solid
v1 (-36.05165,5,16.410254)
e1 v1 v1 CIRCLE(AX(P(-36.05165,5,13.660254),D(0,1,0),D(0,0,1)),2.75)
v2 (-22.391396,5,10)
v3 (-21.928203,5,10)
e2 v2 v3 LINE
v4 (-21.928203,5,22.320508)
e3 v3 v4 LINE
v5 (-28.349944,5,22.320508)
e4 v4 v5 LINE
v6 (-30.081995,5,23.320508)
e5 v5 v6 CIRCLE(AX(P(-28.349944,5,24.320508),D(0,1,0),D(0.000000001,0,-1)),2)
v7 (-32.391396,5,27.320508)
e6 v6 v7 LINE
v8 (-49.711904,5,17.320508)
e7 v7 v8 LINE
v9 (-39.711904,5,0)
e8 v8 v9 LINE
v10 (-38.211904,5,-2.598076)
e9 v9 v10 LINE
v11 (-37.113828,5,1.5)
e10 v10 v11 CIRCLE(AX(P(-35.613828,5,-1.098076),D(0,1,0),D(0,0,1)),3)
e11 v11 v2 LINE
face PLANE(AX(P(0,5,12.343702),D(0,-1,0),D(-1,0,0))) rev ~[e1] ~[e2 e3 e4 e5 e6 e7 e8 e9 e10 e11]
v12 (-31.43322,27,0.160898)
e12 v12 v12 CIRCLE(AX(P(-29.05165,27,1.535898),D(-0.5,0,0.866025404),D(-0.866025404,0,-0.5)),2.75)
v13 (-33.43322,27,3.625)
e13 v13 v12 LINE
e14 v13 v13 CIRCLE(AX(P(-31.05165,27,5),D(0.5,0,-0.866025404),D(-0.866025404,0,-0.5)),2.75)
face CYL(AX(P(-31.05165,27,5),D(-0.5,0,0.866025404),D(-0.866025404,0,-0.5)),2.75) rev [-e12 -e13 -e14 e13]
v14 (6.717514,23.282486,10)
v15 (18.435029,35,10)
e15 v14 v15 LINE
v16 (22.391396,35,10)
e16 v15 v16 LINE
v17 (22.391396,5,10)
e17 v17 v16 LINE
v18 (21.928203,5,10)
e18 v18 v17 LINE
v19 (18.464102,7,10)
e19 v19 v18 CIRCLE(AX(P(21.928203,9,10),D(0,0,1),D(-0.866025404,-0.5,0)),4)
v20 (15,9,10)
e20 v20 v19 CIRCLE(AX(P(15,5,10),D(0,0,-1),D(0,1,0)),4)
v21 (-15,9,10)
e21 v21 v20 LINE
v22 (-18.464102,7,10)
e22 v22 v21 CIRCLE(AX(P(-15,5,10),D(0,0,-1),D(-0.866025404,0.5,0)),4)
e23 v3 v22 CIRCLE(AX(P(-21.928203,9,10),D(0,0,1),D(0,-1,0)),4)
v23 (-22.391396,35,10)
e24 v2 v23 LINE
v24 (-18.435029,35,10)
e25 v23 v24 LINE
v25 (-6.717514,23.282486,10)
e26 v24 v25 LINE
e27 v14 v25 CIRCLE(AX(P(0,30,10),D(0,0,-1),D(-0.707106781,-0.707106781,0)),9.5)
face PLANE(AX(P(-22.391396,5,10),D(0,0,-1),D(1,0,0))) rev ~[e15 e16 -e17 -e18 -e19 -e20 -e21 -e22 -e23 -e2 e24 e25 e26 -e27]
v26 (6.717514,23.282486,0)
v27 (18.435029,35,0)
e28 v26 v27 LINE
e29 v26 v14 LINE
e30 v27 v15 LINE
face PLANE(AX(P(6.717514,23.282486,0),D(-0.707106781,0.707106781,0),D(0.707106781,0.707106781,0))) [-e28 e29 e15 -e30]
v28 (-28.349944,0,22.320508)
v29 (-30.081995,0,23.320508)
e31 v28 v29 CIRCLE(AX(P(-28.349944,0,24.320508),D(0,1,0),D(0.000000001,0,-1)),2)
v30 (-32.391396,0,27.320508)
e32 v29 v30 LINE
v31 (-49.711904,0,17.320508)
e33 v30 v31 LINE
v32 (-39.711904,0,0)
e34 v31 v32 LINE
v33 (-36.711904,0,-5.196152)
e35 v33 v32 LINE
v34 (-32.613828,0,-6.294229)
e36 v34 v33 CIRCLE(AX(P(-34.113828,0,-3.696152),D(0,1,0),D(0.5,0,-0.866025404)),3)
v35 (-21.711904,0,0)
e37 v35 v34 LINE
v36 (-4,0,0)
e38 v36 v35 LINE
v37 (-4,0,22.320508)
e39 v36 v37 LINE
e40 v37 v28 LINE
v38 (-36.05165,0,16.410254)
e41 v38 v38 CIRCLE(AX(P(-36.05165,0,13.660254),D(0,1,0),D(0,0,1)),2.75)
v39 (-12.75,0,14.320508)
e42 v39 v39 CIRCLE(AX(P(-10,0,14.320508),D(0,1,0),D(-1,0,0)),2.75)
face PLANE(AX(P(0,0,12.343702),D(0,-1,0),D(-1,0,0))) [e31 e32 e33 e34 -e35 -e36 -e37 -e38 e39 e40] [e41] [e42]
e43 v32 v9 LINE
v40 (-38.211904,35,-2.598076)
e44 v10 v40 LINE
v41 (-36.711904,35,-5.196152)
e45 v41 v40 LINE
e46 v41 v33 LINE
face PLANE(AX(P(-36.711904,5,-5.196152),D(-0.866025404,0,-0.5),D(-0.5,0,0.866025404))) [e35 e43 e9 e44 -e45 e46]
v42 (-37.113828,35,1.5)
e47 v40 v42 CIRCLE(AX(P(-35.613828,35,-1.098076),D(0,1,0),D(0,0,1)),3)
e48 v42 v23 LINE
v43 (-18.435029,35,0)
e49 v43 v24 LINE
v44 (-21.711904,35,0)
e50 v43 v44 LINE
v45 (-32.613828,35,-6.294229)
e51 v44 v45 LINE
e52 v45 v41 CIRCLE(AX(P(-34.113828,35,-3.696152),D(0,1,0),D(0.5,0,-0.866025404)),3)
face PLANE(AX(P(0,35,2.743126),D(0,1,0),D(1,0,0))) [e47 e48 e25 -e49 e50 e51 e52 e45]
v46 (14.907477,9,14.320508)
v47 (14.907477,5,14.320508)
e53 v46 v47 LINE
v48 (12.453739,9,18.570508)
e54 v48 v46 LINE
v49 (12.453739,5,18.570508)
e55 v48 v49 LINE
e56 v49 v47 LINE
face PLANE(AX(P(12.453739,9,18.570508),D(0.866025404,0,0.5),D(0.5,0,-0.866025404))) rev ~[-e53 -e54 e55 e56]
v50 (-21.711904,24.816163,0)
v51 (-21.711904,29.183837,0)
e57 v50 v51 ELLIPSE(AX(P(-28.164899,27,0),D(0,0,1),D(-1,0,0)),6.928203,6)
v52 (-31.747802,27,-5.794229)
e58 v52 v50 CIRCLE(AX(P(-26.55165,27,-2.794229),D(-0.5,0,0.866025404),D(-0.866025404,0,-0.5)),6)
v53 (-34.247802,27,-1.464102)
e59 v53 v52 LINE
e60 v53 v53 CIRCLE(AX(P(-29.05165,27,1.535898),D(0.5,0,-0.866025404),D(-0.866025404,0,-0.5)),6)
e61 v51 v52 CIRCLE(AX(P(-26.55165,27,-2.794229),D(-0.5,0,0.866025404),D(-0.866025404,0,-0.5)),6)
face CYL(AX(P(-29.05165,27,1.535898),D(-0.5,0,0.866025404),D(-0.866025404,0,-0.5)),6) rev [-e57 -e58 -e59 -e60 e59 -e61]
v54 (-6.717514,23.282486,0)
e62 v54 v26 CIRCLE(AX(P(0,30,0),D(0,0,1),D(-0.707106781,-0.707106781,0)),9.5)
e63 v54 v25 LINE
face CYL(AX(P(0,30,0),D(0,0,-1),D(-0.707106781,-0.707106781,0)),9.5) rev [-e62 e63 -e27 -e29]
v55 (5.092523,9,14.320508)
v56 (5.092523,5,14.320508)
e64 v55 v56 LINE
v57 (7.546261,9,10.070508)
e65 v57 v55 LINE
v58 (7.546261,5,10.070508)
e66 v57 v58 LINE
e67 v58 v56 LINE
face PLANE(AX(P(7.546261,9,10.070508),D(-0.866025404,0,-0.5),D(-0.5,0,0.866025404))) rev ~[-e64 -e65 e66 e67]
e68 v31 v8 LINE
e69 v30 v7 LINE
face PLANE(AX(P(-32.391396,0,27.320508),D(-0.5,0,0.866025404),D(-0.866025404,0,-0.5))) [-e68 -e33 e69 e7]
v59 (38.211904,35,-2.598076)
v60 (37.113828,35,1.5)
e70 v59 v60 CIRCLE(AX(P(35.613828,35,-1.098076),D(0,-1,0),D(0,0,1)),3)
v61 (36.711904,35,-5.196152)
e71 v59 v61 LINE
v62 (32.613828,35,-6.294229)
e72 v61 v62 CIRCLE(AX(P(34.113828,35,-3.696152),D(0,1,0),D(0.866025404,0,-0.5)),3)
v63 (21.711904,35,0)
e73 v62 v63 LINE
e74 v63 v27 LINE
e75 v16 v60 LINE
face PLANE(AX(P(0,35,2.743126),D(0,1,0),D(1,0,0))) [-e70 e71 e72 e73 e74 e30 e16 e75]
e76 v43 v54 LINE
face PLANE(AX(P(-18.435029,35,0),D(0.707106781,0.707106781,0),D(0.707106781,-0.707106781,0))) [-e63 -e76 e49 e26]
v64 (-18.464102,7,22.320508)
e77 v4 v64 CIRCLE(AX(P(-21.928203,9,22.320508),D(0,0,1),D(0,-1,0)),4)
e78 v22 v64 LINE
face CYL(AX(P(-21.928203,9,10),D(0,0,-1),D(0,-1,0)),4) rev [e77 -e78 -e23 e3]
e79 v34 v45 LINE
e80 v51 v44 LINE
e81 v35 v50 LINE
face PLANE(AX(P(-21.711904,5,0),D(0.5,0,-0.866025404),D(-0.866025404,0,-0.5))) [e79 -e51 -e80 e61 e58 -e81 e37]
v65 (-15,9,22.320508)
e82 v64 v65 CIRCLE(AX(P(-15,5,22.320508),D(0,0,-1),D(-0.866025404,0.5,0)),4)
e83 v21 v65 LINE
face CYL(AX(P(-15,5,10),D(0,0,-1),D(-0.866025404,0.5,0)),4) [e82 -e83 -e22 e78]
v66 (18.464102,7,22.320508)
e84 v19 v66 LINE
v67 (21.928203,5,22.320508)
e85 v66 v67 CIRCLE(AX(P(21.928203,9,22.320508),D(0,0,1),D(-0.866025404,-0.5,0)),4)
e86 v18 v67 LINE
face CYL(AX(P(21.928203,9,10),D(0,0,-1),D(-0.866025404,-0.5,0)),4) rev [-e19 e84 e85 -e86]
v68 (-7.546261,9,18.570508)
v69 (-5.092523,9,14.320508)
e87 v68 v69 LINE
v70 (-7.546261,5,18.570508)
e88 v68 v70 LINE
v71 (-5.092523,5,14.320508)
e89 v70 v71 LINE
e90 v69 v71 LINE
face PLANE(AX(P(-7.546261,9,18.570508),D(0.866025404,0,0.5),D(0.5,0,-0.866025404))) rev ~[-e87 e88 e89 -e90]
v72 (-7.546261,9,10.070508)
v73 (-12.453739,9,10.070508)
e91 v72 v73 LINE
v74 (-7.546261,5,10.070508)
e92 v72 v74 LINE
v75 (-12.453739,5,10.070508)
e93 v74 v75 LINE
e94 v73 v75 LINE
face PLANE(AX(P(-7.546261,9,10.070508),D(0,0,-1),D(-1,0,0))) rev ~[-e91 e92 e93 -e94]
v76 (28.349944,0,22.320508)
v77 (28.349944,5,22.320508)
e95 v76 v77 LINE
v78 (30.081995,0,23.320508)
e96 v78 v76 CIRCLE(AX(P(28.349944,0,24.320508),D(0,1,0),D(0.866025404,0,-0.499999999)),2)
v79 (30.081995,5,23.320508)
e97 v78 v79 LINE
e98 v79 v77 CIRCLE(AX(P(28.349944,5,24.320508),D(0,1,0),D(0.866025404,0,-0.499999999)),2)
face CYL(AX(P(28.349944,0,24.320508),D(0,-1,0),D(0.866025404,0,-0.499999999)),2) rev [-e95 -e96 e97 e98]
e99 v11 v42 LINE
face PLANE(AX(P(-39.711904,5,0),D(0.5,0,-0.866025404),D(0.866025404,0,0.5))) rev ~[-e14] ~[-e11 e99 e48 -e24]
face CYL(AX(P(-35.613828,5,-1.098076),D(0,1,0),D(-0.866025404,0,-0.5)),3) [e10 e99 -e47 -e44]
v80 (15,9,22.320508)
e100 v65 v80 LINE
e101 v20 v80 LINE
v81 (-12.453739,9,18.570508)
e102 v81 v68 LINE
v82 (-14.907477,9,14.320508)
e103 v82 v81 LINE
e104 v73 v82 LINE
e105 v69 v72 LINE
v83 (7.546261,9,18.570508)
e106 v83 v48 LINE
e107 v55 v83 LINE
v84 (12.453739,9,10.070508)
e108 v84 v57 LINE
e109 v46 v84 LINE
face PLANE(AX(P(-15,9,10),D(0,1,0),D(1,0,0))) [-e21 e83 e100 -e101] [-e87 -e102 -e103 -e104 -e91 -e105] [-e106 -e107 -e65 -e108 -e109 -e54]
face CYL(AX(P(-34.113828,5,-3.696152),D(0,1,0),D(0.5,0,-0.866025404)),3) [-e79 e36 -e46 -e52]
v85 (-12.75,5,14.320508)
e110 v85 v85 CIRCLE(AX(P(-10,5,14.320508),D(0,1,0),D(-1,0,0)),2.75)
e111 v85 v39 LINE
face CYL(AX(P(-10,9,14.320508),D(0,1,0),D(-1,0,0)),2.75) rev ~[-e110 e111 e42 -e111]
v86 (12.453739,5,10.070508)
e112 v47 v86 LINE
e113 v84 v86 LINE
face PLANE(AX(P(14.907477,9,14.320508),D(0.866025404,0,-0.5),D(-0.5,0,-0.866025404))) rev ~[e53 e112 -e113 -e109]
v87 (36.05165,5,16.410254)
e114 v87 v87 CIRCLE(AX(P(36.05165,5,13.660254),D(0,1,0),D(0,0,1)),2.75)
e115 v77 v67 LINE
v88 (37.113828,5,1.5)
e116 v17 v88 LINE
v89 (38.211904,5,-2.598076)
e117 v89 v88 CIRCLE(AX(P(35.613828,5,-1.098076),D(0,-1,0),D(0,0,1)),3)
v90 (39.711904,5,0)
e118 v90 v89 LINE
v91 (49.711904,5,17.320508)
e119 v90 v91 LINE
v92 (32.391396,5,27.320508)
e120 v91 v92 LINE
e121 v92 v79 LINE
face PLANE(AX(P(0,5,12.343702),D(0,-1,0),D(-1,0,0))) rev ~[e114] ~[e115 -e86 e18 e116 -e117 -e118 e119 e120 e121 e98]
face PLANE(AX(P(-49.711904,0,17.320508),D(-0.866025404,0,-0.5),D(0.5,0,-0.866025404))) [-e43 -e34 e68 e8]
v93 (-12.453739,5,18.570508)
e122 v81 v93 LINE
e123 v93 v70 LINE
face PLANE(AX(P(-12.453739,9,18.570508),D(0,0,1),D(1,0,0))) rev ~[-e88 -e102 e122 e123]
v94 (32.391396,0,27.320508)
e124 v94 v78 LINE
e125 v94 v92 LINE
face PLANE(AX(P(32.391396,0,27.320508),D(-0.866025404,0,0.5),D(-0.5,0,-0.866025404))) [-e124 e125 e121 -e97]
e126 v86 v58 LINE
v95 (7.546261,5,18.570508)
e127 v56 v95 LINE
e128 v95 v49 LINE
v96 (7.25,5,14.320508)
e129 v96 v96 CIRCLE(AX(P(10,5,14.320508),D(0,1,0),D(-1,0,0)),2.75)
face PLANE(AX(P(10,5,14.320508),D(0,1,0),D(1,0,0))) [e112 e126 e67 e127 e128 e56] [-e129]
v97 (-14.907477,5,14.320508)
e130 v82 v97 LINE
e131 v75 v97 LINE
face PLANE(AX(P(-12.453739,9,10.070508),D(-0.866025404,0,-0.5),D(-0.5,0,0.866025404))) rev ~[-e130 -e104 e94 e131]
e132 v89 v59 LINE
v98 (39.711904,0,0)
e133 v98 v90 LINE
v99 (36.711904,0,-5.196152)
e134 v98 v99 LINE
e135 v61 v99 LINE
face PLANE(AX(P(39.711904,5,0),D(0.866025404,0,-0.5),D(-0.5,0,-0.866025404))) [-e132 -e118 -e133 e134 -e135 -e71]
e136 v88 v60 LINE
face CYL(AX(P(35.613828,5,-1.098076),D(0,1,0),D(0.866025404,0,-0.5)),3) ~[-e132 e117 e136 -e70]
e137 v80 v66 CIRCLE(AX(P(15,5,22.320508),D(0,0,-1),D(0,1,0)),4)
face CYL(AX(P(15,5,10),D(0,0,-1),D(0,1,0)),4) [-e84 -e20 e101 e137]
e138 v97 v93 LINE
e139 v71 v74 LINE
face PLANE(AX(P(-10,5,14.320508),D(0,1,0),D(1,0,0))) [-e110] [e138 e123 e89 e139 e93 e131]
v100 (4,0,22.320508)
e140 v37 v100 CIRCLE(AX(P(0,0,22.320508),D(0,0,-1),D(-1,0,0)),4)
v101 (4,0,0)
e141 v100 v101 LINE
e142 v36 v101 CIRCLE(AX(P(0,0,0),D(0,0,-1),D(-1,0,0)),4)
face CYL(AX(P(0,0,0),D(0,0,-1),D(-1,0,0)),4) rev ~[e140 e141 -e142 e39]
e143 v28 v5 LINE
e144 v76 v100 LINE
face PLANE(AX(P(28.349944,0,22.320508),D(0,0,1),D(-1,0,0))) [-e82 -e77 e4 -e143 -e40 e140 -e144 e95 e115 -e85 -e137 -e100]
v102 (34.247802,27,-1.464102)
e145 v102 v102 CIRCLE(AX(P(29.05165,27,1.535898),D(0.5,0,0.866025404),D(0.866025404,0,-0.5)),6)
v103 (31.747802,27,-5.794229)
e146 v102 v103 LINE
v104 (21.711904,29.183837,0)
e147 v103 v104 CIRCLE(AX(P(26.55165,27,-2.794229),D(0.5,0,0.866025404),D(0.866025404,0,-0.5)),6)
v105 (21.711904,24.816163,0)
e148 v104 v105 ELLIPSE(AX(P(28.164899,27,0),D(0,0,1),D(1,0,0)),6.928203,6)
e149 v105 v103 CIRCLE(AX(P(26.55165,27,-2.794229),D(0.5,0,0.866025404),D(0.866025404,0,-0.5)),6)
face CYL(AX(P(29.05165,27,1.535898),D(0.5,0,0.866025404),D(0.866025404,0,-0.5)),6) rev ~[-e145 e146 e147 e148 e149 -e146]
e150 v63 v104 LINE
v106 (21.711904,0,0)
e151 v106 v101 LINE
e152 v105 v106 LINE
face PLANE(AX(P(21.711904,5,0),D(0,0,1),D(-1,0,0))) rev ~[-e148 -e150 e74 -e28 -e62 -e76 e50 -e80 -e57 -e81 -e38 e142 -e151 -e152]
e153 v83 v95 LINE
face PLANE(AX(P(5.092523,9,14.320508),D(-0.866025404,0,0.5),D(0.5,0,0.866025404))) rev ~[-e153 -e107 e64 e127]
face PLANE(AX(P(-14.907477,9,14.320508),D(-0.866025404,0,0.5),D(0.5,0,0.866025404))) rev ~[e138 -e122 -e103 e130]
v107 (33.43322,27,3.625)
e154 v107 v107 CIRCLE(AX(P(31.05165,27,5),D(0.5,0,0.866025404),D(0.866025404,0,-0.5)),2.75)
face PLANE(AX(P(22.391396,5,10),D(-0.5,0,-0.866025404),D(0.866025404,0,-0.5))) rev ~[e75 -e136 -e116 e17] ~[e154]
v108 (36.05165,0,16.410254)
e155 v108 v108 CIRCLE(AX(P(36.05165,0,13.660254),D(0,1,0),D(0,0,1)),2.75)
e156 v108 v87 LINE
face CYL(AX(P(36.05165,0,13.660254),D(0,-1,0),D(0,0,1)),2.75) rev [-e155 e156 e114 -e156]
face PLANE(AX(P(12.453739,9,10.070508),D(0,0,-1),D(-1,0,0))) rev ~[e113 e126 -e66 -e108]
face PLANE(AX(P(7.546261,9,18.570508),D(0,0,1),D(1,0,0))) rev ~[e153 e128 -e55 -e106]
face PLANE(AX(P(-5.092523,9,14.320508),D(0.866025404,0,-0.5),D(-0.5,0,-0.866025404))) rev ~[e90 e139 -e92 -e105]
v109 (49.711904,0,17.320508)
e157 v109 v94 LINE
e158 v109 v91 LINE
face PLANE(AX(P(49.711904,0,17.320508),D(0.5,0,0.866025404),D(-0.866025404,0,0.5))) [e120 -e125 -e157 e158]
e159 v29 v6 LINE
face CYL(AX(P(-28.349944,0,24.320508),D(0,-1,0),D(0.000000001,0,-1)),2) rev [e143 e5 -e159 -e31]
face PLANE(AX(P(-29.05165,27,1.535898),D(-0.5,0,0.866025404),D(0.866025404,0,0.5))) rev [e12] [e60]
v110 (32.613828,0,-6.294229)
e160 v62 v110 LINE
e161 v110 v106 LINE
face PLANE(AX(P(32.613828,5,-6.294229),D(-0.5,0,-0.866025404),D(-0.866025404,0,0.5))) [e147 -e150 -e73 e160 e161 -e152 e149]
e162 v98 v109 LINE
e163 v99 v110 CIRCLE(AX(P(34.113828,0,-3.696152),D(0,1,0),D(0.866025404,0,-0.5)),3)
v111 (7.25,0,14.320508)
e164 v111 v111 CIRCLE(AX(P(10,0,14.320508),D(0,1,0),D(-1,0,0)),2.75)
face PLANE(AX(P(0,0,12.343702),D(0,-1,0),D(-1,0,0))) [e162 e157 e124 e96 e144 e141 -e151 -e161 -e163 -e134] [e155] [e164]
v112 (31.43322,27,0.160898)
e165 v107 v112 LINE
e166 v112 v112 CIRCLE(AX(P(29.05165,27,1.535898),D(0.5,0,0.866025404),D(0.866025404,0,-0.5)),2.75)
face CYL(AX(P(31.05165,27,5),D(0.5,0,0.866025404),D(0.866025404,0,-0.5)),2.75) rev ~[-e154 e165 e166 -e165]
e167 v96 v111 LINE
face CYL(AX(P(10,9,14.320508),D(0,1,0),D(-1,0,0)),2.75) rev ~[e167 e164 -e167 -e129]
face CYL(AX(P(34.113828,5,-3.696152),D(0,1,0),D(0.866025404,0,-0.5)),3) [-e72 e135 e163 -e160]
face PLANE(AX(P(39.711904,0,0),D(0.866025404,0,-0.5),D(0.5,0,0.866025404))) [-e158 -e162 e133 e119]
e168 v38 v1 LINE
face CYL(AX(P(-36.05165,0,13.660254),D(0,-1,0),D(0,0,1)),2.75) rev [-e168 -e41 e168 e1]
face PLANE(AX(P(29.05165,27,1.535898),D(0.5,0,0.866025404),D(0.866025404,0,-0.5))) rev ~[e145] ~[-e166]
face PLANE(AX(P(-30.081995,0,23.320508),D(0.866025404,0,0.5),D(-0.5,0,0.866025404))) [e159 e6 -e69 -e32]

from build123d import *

# Parameters (mm, degrees)
SKETCH1_R                = 2.75
BOSS_EXTRUDE1_DEPTH      = 5
BOSS_EXTRUDE2_DEPTH      = 30
BOSS_EXTRUDE2_DEPTH_BACK = 5
BOSS_EXTRUDE3_DEPTH      = 12.320508
SKETCH5_R                = 4
CUT_EXTRUDE1_DEPTH       = 28.320508076
SKETCH7_R                = 2.75
CUT_EXTRUDE3_DEPTH       = 51.510942144
CUT_EXTRUDE4_START       = -4
SKETCH8_R                = 6
CUT_EXTRUDE4_DEPTH       = 47.510942144
SKETCH9_R                = 2.75
CUT_EXTRUDE5_DEPTH       = 10
CUT_EXTRUDE6_DEPTH       = 4
FILLET2_R                = 3


with BuildPart() as part:
    # Sketch1 → Boss-Extrude1 (new body)
    with BuildSketch(Plane(origin=(0, 0, 0), x_dir=(1, 0, 0), z_dir=(0, 1, 0))):
        with BuildLine():
            Line((-39.711904038, 0), (39.711904038, 0))
            Line((39.711904038, 0), (49.711904038, -17.320508076))
            Line((49.711904038, -17.320508076), (32.391395962, -27.320508076))
            Line((32.391395962, -27.320508076), (30.081994885, -23.320508076))
            ThreePointArc((30.081994885, -23.320508076), (29.349944078, -22.588457268), (28.349944078, -22.320508076))
            Line((28.349944078, -22.320508076), (-28.349944078, -22.320508076))
            ThreePointArc((-28.349944078, -22.320508076), (-29.349944078, -22.588457268), (-30.081994885, -23.320508076))
            Line((-30.081994885, -23.320508076), (-32.391395962, -27.320508076))
            Line((-32.391395962, -27.320508076), (-49.711904038, -17.320508076))
            Line((-49.711904038, -17.320508076), (-39.711904038, 0))
        make_face()
        with Locations(Location((-36.05165, -13.660254038, 0), (0, 0, 270))):  # turned: the seam where the file's is
            Circle(SKETCH1_R, mode=Mode.SUBTRACT)
        with Locations(Location((36.05165, -13.660254038, 0), (0, 0, 270))):  # turned: the seam where the file's is
            Circle(SKETCH1_R, mode=Mode.SUBTRACT)
    extrude(amount=BOSS_EXTRUDE1_DEPTH)

    # Sketch2 → Boss-Extrude2 (add, two sides)
    with BuildSketch(Plane(origin=(0, 5, 0), x_dir=(1, 0, 0), z_dir=(0, 1, 0))) as boss_extrude2_sk:
        with BuildLine():
            Line((-39.711904038, 0), (-22.391395962, -10))
            Line((-22.391395962, -10), (22.391395962, -10))
            Line((22.391395962, -10), (39.711904038, 0))
            Line((39.711904038, 0), (36.711904038, 5.196152423))
            ThreePointArc((36.711904038, 5.196152423), (34.890284962, 6.593929902), (32.613827826, 6.294228634))
            Line((32.613827826, 6.294228634), (21.711904038, 0))
            Line((21.711904038, 0), (-21.711904038, 0))
            Line((-21.711904038, 0), (-32.613827826, 6.294228634))
            ThreePointArc((-32.613827826, 6.294228634), (-34.890284962, 6.593929902), (-36.711904038, 5.196152423))
            Line((-36.711904038, 5.196152423), (-39.711904038, 0))
        make_face()
    extrude(amount=BOSS_EXTRUDE2_DEPTH)
    extrude(boss_extrude2_sk.sketch, amount=-BOSS_EXTRUDE2_DEPTH_BACK)

    # Sketch4 → Boss-Extrude3 (add)
    with BuildSketch(Plane.XY.offset(10)):
        with BuildLine():
            Line((-15, 9), (15, 9))
            ThreePointArc((15, 9), (17, 8.464101615), (18.464101615, 7))
            ThreePointArc((18.464101615, 7), (19.92820323, 5.535898385), (21.92820323, 5))
            Line((21.92820323, 5), (-21.92820323, 5))
            ThreePointArc((-21.92820323, 5), (-19.92820323, 5.535898385), (-18.464101615, 7))
            ThreePointArc((-18.464101615, 7), (-17, 8.464101615), (-15, 9))
        make_face()
    extrude(amount=BOSS_EXTRUDE3_DEPTH)

    # Sketch5 → Cut-Extrude1 (cut, through all)
    with BuildSketch(Plane(origin=(0, 0, 0), x_dir=(-1, 0, 0), z_dir=(0, 0, -1))):
        Circle(SKETCH5_R)
        with BuildLine():
            Line((-6.717514421, 23.282485579), (-18.435028843, 35))
            Line((-18.435028843, 35), (18.435028843, 35))
            Line((18.435028843, 35), (6.717514421, 23.282485579))
            ThreePointArc((6.717514421, 23.282485579), (0, 20.5), (-6.717514421, 23.282485579))
        make_face()
    extrude(amount=-CUT_EXTRUDE1_DEPTH, mode=Mode.SUBTRACT)

    # Sketch7 → Cut-Extrude3 (cut, through all)
    with BuildSketch(Plane(origin=(9.927976009, 0, 17.195758865), x_dir=(0.866025404, 0, -0.5), z_dir=(0.5, 0, 0.866025404))):
        with Locations((24.391517729, 27)):
            Circle(SKETCH7_R)
    cut_extrude3 = extrude(amount=-CUT_EXTRUDE3_DEPTH, mode=Mode.SUBTRACT)

    # Sketch8 → Cut-Extrude4 (cut, through all)
    with BuildSketch(Plane(origin=(9.927976009, 0, 17.195758865), x_dir=(0.866025404, 0, -0.5), z_dir=(0.5, 0, 0.866025404)).offset(CUT_EXTRUDE4_START)):
        with Locations((24.391517729, 27)):
            Circle(SKETCH8_R)
    cut_extrude4 = extrude(amount=-CUT_EXTRUDE4_DEPTH, mode=Mode.SUBTRACT)

    # Mirror1: Cut-Extrude3, Cut-Extrude4 across plane
    add(cut_extrude3.mirror(Plane(origin=(0, 0, 0), x_dir=(0, 0, 1), z_dir=(1, 0, 0))), mode=Mode.SUBTRACT)
    add(cut_extrude4.mirror(Plane(origin=(0, 0, 0), x_dir=(0, 0, 1), z_dir=(1, 0, 0))), mode=Mode.SUBTRACT)

    # Sketch9 → Cut-Extrude5 (cut, through all)
    with BuildSketch(Plane(origin=(0, 9, 0), x_dir=(1, 0, 0), z_dir=(0, 1, 0))):
        with Locations(Location((-10, -14.32050808, 0), (0, 0, 180))):  # turned: the seam where the file's is
            Circle(SKETCH9_R)
        with Locations(Location((10, -14.32050808, 0), (0, 0, 180))):  # turned: the seam where the file's is
            Circle(SKETCH9_R)
    extrude(amount=-CUT_EXTRUDE5_DEPTH, mode=Mode.SUBTRACT)

    # Sketch10 → Cut-Extrude6 (cut)
    with BuildSketch(Plane(origin=(0, 9, 0), x_dir=(1, 0, 0), z_dir=(0, 1, 0))):
        Polygon((-5.092522712, -14.32050808), (-7.546261356, -10.07050808), (-12.453738644, -10.07050808), (-14.907477288, -14.32050808), (-12.453738644, -18.57050808), (-7.546261356, -18.57050808), align=None)
        Polygon((5.092522712, -14.32050808), (7.546261356, -18.57050808), (12.453738644, -18.57050808), (14.907477288, -14.32050808), (12.453738644, -10.07050808), (7.546261356, -10.07050808), align=None)
    extrude(amount=-CUT_EXTRUDE6_DEPTH, mode=Mode.SUBTRACT)

    # Fillet2
    fillet2_edges = [part.edges().sort_by_distance(p)[0] for p in [
        (39.711904038, 20, 0),
        (-39.711904038, 20, 0),
    ]]
    fillet(fillet2_edges, radius=FILLET2_R)


solid = part.part
